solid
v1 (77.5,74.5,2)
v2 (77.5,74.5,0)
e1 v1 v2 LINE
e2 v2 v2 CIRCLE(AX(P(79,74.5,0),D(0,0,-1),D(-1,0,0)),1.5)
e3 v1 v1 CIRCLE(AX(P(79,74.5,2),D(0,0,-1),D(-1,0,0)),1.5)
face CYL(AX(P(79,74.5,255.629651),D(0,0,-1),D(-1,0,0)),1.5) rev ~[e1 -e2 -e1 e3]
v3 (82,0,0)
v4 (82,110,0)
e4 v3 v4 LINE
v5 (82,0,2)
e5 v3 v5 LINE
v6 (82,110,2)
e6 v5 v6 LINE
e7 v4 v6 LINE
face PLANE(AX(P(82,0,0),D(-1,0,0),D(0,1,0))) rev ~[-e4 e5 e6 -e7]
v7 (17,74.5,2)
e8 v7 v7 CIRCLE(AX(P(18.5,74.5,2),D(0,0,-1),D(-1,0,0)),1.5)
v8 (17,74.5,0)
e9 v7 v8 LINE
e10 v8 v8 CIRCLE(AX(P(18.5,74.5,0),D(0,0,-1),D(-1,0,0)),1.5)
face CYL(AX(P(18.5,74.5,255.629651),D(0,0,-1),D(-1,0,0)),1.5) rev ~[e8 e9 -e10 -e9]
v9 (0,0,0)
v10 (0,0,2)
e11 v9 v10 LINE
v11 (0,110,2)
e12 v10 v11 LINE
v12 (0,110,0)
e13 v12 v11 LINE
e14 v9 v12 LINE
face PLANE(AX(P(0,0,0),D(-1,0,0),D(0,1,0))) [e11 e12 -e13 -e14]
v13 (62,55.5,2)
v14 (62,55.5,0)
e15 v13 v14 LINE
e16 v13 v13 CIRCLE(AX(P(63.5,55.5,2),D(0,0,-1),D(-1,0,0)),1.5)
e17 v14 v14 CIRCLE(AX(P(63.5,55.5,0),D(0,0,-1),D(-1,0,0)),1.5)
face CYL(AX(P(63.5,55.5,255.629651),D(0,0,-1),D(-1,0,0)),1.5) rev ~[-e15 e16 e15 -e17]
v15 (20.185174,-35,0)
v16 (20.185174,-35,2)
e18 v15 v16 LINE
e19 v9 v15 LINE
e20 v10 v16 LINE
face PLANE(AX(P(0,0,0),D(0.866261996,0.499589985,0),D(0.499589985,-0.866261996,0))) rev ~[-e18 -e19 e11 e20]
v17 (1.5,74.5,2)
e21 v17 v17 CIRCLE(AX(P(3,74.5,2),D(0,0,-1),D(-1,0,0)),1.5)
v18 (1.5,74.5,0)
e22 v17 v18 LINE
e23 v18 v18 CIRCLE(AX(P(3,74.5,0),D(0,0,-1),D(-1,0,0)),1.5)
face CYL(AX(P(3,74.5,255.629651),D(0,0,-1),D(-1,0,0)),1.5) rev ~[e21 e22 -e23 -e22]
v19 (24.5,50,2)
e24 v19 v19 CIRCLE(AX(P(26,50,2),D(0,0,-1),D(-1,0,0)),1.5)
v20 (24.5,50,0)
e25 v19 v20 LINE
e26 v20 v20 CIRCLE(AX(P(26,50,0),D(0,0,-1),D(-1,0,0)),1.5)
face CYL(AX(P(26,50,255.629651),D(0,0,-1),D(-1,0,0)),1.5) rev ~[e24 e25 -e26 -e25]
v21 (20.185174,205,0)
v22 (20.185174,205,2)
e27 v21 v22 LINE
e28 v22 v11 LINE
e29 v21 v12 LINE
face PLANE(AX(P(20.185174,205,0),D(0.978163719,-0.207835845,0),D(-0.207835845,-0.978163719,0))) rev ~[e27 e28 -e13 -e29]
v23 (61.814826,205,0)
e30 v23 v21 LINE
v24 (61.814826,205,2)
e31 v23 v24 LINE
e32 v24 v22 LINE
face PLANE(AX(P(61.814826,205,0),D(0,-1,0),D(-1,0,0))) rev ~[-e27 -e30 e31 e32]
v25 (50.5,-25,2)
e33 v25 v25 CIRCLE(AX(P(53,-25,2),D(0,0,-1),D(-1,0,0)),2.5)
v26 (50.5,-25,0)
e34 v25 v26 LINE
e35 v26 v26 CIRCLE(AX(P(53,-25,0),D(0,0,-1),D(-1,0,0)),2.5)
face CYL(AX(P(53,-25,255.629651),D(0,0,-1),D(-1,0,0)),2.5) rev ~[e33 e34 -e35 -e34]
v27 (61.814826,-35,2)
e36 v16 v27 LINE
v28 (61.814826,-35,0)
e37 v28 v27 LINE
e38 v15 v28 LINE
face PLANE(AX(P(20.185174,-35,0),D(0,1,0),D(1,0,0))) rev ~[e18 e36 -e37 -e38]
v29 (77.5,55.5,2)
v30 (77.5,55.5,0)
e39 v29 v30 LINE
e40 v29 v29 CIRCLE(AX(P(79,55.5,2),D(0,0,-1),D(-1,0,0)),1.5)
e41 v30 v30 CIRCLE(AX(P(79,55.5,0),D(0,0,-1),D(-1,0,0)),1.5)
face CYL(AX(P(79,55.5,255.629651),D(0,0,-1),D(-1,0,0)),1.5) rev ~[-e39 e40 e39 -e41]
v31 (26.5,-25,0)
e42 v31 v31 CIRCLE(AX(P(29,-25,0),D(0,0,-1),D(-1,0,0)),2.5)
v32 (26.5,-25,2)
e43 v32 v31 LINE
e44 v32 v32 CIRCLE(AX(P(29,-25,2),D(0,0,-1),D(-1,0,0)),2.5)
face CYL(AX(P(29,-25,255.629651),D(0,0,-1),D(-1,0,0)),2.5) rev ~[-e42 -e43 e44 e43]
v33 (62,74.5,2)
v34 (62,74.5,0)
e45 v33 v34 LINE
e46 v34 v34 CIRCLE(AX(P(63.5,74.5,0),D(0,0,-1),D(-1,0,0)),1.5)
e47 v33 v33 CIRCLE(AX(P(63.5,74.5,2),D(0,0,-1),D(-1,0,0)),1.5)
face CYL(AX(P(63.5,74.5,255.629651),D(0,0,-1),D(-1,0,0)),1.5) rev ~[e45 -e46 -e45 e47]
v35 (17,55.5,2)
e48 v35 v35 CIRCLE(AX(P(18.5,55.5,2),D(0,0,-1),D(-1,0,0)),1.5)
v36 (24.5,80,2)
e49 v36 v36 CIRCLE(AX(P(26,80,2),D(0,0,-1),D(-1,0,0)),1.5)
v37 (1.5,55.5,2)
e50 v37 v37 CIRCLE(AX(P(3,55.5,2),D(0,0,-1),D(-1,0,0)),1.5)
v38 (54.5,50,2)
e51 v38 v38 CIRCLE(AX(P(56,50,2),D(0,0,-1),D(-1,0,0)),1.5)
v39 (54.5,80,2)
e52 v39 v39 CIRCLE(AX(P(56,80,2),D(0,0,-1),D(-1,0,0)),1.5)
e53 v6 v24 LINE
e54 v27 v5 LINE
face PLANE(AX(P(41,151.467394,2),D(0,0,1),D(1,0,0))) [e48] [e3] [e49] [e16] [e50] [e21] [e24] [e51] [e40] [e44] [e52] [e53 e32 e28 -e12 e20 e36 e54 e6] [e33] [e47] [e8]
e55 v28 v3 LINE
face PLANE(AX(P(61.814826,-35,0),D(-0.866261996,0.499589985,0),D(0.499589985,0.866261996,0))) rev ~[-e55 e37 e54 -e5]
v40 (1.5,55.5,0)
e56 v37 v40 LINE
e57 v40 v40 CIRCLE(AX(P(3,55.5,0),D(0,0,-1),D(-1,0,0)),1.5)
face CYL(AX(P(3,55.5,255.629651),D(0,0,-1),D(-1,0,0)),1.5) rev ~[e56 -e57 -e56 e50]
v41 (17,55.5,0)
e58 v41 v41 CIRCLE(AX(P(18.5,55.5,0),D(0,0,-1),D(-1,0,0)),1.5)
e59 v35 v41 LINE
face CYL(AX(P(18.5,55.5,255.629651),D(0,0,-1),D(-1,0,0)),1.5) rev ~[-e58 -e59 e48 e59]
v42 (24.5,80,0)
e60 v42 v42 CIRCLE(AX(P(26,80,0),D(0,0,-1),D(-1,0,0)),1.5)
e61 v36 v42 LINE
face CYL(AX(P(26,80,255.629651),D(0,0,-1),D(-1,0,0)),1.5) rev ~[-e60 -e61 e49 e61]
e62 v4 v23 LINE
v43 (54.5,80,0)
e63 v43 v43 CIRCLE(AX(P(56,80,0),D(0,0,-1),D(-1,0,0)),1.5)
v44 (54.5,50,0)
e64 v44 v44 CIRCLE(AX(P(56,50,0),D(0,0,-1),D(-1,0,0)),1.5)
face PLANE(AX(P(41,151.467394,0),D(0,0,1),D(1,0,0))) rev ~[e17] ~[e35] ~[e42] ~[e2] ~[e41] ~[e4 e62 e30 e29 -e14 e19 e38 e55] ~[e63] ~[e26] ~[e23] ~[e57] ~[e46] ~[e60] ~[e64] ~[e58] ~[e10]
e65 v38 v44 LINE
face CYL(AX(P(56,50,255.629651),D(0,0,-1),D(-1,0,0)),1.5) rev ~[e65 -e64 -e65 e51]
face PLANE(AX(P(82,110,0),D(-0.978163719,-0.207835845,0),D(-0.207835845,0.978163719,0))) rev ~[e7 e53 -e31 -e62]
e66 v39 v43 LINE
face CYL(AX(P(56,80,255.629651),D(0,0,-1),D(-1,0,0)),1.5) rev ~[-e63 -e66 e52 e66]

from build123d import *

# Parameters (mm, degrees)
F0_W     = 82
F0_H     = 110
F1_DEPTH = 2
F3_D     = 3
F5_D     = 5
F7_D     = 3


with BuildPart() as f1:
    # F0 (on Top) → F1 (new body)
    with BuildSketch(Plane.XY):
        Polygon((20.1851744205, 205), (0, 110), (82, 110), (61.8148255795, 205), align=None)
        with Locations((41, 55)):
            Rectangle(F0_W, F0_H)
        Polygon((82, 0), (0, 0), (20.1851744205, -35), (61.8148255795, -35), align=None)
    extrude(amount=F1_DEPTH)

    # F3 (through all)
    with Locations(Plane.XY.offset(2)):
        with Locations((18.5, 55.5), (3, 55.5), (3, 74.5), (18.5, 74.5), (63.5, 74.5), (63.5, 55.5), (79, 55.5), (79, 74.5)):
            Hole(F3_D / 2)

    # F5 (through all)
    with Locations(Plane.XY.offset(2)):
        with Locations((29, -25), (53, -25)):
            Hole(F5_D / 2)

    # F7 (through all)
    with Locations(Plane.XY.offset(2)):
        with Locations((26, 80), (56, 50), (56, 80), (26, 50)):
            Hole(F7_D / 2)


solid = f1.part
